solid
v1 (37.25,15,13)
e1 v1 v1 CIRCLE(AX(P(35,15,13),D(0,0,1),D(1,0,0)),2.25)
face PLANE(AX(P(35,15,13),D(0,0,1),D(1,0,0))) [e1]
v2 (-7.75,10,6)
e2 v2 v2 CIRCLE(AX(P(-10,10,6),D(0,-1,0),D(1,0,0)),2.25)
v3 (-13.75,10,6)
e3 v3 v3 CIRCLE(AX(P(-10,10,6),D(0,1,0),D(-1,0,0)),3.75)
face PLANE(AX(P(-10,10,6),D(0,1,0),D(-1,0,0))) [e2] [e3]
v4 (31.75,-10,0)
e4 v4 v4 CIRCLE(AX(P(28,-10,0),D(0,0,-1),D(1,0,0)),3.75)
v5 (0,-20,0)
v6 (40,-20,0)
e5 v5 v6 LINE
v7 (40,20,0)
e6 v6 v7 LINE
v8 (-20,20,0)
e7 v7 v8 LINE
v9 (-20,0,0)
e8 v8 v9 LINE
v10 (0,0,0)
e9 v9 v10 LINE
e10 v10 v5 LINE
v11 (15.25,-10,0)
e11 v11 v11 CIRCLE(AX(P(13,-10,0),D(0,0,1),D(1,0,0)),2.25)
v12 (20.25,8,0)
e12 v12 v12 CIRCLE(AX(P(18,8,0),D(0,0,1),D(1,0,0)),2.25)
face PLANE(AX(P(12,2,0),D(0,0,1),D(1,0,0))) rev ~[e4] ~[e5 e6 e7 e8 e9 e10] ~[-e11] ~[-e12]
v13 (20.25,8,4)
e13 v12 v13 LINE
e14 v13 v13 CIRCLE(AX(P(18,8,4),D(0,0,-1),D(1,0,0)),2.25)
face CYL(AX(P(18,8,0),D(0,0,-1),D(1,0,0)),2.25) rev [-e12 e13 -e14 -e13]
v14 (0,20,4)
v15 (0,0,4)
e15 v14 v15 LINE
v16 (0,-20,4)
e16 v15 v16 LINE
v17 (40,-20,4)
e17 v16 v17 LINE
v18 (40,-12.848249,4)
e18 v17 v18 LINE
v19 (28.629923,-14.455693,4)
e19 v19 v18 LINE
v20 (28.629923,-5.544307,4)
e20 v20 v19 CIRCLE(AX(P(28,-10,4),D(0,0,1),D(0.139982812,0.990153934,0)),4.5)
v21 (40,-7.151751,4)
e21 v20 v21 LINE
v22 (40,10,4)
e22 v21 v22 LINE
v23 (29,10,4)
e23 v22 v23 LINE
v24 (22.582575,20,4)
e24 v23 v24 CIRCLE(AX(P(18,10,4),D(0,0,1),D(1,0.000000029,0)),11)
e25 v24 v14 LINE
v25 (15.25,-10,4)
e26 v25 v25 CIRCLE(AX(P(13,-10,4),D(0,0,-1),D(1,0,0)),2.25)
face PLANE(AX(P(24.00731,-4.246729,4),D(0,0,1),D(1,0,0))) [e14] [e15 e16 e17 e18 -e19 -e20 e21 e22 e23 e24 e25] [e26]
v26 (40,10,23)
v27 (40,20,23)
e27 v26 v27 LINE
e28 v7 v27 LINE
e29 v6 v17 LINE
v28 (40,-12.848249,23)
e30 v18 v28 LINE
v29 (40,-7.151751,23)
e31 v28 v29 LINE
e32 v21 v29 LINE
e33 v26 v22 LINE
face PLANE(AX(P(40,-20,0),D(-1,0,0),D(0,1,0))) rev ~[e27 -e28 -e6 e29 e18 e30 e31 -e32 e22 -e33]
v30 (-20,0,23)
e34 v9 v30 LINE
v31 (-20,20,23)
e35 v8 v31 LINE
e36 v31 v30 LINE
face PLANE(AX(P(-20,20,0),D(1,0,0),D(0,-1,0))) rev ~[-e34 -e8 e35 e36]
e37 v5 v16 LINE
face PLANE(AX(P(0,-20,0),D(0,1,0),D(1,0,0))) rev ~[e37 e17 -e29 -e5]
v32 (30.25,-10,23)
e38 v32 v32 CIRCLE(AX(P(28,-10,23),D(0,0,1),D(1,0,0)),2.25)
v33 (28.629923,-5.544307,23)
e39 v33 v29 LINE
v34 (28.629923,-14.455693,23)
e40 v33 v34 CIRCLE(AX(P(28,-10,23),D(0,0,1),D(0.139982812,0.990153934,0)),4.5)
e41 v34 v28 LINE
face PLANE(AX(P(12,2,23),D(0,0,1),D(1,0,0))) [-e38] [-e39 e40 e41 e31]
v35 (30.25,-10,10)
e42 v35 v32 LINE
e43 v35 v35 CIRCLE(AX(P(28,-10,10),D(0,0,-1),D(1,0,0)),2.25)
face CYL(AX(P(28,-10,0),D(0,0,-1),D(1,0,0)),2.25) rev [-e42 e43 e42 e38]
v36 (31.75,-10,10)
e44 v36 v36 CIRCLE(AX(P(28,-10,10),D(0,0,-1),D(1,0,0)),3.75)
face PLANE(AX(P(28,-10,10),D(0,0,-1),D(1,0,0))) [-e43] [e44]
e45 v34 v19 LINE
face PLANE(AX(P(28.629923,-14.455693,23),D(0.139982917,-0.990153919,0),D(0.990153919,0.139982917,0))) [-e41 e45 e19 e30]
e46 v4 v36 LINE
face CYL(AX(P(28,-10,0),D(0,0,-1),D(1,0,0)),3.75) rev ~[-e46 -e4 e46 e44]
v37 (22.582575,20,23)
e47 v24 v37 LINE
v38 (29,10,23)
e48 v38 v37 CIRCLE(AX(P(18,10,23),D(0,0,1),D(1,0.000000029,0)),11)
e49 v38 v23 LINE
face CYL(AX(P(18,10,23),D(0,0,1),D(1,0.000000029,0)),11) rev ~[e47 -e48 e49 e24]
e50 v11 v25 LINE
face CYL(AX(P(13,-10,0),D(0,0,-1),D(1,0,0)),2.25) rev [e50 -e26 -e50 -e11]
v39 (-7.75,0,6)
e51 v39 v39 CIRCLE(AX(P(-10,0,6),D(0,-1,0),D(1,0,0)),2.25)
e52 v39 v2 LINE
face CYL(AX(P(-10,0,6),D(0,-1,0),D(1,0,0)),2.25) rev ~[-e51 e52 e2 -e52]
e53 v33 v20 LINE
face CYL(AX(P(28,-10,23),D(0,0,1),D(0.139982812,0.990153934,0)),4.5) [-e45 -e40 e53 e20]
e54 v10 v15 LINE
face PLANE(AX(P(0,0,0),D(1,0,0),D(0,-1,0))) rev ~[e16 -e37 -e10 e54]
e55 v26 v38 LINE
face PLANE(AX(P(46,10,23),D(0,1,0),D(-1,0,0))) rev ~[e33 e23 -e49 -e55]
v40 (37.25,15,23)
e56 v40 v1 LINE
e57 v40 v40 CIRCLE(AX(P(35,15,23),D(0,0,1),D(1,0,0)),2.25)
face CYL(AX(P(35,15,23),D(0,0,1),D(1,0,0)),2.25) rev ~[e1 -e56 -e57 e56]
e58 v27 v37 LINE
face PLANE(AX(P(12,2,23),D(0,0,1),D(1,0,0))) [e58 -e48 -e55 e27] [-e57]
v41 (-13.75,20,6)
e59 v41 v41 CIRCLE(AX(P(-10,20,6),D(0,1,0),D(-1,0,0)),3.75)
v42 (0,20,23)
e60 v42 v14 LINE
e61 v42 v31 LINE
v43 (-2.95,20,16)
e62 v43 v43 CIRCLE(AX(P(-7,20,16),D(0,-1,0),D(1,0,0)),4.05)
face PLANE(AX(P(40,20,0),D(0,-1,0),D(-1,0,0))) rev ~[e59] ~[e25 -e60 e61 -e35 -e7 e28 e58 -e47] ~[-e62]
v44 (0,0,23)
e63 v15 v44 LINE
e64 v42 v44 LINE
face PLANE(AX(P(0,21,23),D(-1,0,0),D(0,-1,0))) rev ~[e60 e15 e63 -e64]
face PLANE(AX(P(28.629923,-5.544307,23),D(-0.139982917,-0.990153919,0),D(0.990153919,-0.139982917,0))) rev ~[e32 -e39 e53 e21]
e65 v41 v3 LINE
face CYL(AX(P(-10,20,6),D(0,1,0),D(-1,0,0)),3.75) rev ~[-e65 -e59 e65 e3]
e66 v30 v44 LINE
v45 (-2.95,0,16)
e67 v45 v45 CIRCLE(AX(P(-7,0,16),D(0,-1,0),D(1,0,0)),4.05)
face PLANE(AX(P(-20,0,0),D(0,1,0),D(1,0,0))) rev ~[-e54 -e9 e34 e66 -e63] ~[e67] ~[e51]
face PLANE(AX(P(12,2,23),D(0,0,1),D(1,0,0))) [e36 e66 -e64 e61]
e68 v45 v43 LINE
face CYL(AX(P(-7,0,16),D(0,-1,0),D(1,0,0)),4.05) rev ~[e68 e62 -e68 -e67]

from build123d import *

# Parameters (mm, degrees)
SKETCH_R        = 2.25
PAD_DEPTH       = 23
POCKET_DEPTH    = 19
SKETCH002_R     = 4.05
SKETCH002_R_2   = 2.25
POCKET001_DEPTH = 20.001
SKETCH003_R     = 2.25
POCKET002_DEPTH = 10
SKETCH004_R     = 3.75
POCKET003_DEPTH = 10
SKETCH005_R     = 3.75
POCKET004_DEPTH = 10


with BuildPart() as part:
    # Sketch → Pad (new body)
    with BuildSketch(Plane.XY):
        Polygon((0, -20), (40, -20), (40, 20), (-20, 20), (-20, 0), (0, 0), align=None)
        with Locations((18, 8)):
            Circle(SKETCH_R, mode=Mode.SUBTRACT)
        with Locations((13, -10)):
            Circle(SKETCH_R, mode=Mode.SUBTRACT)
        with Locations((28, -10)):
            Circle(SKETCH_R, mode=Mode.SUBTRACT)
    extrude(amount=PAD_DEPTH)

    # Sketch001 → Pocket (cut)
    with BuildSketch(Plane.XY.offset(23)):
        with BuildLine():
            Line((46, 10), (29, 10))
            ThreePointArc((29, 10), (25.778159, 17.77819), (17.999956, 21))
            Line((17.999956, 21), (0, 21))
            Line((0, 21), (0, -23))
            Line((0, -23), (46, -23))
            Line((46, -23), (46, -12))
            Line((28.629923, -14.455693), (46, -12))
            ThreePointArc((28.629923, -5.544307), (23.5, -10), (28.629923, -14.455693))
            Line((28.629923, -5.544307), (46, -8))
            Line((46, -8), (46, 10))
        make_face()
    extrude(amount=-POCKET_DEPTH, mode=Mode.SUBTRACT)

    # Sketch002 → Pocket001 (cut, through all)
    with BuildSketch(Plane.XZ):
        with Locations((-7, 16)):
            Circle(SKETCH002_R)
        with Locations((-10, 6)):
            Circle(SKETCH002_R_2)
    extrude(amount=-POCKET001_DEPTH, mode=Mode.SUBTRACT)

    # Sketch003 → Pocket002 (cut)
    with BuildSketch(Plane.XY.offset(23)):
        with Locations((35, 15)):
            Circle(SKETCH003_R)
    extrude(amount=-POCKET002_DEPTH, mode=Mode.SUBTRACT)

    # Sketch004 → Pocket003 (cut)
    with BuildSketch(Plane(origin=(0, 20, 0), x_dir=(-1, 0, 0), z_dir=(0, 1, 0))):
        with Locations((10, 6)):
            Circle(SKETCH004_R)
    extrude(amount=-POCKET003_DEPTH, mode=Mode.SUBTRACT)

    # Sketch005 → Pocket004 (cut)
    with BuildSketch(Plane(origin=(0, 0, 0), x_dir=(1, 0, 0), z_dir=(0, 0, -1))):
        with Locations((28, 10)):
            Circle(SKETCH005_R)
    extrude(amount=-POCKET004_DEPTH, mode=Mode.SUBTRACT)


solid = part.part
